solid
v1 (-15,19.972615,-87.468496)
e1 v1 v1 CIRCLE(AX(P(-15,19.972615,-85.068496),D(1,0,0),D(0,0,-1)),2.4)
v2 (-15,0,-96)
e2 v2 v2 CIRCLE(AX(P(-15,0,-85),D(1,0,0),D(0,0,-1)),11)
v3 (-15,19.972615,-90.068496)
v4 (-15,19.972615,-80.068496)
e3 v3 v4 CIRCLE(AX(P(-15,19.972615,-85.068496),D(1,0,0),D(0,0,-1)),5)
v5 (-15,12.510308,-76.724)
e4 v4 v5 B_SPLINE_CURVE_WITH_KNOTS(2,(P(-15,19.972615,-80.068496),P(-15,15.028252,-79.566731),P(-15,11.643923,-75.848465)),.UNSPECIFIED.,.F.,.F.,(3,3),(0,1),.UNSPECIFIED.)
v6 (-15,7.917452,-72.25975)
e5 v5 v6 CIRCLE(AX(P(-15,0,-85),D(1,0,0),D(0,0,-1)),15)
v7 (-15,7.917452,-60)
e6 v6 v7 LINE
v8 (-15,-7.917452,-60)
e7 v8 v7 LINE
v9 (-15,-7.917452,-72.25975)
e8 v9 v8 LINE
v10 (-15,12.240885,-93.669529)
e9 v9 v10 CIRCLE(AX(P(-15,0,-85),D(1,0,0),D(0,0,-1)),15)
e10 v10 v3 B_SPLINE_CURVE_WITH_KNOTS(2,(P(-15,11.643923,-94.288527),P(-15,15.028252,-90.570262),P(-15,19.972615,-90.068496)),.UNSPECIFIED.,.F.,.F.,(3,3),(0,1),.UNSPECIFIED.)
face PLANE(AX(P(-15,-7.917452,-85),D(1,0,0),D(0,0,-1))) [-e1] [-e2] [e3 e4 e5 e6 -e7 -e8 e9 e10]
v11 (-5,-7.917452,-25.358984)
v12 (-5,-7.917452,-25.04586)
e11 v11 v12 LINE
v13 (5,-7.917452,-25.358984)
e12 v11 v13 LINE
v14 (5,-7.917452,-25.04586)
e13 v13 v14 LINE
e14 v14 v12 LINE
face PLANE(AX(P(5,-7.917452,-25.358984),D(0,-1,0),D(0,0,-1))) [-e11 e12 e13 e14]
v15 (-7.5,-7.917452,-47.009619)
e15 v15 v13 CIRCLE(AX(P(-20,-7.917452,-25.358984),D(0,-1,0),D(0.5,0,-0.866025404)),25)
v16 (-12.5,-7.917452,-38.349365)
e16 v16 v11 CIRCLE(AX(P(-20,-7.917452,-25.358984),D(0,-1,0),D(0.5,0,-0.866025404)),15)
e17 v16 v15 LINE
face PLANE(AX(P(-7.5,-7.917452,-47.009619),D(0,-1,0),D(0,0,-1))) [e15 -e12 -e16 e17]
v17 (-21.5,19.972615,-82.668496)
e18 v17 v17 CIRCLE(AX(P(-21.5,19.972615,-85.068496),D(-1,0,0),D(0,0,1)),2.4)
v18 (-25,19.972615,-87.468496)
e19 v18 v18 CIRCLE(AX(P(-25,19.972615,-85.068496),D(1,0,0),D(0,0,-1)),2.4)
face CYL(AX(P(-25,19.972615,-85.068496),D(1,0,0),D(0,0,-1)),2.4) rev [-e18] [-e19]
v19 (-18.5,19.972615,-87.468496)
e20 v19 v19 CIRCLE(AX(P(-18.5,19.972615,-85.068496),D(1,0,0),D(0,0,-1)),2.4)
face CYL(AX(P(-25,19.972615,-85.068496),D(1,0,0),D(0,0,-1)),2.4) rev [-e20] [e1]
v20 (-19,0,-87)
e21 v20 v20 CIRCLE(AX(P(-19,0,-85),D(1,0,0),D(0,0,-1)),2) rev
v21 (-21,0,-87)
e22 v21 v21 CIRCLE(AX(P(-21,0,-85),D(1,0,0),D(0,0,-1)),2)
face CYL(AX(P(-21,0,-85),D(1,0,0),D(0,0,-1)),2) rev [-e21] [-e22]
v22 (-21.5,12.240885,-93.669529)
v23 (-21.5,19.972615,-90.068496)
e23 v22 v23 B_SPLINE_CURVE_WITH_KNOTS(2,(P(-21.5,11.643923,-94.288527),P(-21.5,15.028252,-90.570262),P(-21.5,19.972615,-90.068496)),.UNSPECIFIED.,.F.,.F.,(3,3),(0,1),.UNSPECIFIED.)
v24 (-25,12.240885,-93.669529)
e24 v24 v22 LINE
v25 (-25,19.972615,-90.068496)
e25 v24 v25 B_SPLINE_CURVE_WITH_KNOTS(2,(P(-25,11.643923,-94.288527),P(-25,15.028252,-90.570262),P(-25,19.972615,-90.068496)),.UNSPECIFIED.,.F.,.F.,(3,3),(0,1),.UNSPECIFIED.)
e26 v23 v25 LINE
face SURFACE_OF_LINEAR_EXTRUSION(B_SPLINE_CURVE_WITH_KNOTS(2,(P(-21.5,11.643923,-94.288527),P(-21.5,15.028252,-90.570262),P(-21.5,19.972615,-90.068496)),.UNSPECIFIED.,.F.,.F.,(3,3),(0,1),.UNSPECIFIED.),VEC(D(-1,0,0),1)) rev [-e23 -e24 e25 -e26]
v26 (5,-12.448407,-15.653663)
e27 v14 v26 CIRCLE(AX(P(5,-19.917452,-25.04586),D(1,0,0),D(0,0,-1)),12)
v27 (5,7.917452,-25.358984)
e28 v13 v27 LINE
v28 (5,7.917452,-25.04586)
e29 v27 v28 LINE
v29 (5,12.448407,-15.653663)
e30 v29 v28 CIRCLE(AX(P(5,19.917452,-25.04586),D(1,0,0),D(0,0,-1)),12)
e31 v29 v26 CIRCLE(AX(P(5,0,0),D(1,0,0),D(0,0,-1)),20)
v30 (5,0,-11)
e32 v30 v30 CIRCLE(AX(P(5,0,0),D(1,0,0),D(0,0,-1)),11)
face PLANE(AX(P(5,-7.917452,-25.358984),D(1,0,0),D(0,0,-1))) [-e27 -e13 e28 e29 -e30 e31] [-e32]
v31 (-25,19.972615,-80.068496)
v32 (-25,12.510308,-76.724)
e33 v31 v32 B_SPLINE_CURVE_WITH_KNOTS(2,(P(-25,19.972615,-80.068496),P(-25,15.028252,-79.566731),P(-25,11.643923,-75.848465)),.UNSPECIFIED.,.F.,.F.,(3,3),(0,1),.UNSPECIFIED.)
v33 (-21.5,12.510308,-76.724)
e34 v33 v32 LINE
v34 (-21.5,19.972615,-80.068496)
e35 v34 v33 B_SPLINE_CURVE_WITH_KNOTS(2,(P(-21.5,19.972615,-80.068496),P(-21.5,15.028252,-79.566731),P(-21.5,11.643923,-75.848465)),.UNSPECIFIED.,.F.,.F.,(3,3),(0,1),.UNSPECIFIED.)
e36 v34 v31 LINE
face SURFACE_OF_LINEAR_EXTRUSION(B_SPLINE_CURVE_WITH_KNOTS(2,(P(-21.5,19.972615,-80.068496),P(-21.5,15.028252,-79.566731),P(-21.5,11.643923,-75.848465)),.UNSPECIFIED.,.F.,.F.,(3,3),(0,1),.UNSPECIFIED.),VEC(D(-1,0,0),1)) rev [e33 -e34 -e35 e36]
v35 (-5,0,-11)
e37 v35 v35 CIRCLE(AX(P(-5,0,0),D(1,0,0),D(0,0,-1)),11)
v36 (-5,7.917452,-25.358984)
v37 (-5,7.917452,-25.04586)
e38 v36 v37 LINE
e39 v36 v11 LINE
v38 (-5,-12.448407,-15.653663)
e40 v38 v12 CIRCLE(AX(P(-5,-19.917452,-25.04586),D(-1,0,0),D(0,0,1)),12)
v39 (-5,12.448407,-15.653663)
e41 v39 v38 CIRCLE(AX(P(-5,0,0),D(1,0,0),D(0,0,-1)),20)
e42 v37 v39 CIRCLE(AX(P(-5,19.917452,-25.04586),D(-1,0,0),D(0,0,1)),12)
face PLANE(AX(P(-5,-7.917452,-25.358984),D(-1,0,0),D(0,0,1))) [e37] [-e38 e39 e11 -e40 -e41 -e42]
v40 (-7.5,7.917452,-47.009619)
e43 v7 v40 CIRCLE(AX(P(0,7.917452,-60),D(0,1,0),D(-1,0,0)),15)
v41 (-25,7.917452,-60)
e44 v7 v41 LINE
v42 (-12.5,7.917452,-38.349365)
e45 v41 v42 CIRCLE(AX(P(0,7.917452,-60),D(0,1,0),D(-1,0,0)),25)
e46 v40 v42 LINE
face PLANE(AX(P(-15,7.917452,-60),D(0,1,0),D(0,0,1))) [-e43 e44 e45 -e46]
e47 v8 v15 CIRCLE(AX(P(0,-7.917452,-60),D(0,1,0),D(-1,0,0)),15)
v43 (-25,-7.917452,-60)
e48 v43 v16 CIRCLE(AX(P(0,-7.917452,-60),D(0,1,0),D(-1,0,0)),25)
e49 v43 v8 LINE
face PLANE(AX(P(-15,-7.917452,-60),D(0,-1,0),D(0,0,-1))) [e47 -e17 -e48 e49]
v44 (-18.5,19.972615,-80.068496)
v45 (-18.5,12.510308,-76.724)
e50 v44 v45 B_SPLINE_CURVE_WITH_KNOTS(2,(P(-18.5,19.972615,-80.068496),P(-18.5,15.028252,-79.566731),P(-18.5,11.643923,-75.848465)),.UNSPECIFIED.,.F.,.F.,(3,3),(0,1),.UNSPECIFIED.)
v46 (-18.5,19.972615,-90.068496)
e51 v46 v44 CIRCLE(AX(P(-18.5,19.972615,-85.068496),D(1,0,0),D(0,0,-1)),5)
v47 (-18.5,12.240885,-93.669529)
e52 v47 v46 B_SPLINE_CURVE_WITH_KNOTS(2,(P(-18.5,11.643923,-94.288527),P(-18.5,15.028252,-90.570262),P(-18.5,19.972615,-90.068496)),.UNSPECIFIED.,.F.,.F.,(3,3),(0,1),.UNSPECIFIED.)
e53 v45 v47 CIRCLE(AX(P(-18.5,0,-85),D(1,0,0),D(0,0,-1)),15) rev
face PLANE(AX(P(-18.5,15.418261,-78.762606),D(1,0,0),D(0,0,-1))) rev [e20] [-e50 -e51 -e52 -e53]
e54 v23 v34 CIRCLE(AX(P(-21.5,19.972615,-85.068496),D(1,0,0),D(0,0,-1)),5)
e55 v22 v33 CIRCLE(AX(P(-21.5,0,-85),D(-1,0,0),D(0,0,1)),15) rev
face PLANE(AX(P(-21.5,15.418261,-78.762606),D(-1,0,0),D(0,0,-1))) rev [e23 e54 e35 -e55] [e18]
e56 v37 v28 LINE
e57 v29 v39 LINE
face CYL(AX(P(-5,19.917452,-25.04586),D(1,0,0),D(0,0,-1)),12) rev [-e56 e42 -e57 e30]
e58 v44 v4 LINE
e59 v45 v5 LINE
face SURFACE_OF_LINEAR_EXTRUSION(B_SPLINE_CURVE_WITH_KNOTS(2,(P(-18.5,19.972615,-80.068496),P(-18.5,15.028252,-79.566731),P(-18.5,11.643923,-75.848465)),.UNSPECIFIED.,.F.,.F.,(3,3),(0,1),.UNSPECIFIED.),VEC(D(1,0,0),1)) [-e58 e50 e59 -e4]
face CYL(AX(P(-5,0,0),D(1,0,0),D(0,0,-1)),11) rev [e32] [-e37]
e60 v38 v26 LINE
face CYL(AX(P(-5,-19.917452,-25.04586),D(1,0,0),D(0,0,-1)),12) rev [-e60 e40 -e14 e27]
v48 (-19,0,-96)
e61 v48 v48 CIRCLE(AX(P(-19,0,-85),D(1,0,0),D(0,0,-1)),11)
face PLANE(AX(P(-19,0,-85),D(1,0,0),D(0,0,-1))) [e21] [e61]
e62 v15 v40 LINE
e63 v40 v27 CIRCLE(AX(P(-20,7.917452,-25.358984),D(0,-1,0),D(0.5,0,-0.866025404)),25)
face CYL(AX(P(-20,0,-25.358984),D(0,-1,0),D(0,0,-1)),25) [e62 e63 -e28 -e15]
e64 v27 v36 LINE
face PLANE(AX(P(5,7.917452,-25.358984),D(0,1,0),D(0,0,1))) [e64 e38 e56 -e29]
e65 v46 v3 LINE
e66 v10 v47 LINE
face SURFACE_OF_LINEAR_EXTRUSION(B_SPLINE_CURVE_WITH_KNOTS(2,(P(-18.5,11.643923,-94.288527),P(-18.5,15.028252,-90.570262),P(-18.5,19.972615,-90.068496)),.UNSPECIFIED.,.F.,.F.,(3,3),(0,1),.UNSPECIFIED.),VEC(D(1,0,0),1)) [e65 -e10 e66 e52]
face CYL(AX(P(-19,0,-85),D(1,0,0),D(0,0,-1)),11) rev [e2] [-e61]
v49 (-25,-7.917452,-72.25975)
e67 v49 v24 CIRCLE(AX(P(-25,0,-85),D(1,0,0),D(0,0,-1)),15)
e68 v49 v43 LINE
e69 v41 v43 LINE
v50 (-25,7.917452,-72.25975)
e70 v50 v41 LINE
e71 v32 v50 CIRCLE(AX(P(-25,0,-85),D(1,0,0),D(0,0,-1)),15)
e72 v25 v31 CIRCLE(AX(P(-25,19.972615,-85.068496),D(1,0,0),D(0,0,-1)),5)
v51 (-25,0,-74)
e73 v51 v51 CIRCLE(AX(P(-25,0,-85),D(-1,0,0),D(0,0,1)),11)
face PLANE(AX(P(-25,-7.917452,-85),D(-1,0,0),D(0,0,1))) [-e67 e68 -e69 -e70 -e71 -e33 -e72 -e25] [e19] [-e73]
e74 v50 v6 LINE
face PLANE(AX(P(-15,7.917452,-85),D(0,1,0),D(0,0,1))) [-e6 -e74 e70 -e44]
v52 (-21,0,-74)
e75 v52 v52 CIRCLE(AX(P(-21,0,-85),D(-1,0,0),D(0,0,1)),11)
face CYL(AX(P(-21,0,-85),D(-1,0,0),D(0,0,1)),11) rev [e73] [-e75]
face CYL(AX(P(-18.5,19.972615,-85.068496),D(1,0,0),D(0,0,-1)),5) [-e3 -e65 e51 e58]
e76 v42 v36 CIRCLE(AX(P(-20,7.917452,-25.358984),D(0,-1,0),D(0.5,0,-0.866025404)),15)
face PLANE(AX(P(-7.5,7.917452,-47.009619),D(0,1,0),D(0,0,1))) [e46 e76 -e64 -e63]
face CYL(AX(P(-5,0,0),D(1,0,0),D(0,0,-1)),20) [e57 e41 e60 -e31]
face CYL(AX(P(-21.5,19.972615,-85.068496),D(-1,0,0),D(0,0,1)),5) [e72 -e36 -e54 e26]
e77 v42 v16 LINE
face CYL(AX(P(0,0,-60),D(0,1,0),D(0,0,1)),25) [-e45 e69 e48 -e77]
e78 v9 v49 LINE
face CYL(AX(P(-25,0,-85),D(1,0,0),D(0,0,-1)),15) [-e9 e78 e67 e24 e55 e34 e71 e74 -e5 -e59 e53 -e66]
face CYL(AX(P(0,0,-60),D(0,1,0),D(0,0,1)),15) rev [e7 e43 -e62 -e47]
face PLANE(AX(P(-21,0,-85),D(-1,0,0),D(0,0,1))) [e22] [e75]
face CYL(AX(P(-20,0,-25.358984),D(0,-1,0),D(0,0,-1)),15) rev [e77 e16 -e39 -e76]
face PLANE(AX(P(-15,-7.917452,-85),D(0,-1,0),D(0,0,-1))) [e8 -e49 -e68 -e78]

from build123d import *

# Parameters (mm, degrees)
CROQUIS2_W              = 10
CROQUIS2_H              = 15.834903248
CROQUIS4_R              = 15
SALIENTE_EXTRUIR1_DEPTH = 10
CROQUIS5_R              = 20
SALIENTE_EXTRUIR2_DEPTH = 10
SALIENTE_EXTRUIR5_DEPTH = 3.5
CROQUIS13_R             = 2.4
CORTAR_EXTRUIR1_DEPTH   = 10
CROQUIS7_R              = 11
CORTAR_EXTRUIR3_DEPTH   = 10
REDONDEO2_R             = 12
REDONDEO3_R             = 12
CROQUIS14_R             = 11
CORTAR_EXTRUIR4_DEPTH   = 4
CROQUIS6_R              = 2
CORTAR_EXTRUIR5_DEPTH   = 6
CORTAR_EXTRUIR6_START   = -4
CROQUIS15_R             = 11
CORTAR_EXTRUIR6_DEPTH   = 4


with BuildPart() as part:
    # Barrer1: sweep along a path in Croquis1
    with BuildLine(Plane(origin=(0, 0, 0), x_dir=(1, 0, 0), z_dir=(0, 1, 0))) as barrer1_path:
        Line((-20, 85), (-20, 60))
        ThreePointArc((-20, 60), (-17.320508076, 50), (-10, 42.679491924))
        ThreePointArc((-10, 42.679491924), (-2.679491924, 35.358983849), (0, 25.358983849))
        Line((0, 25.358983849), (0, 0))
    # Croquis2 → Barrer1 (sweep)
    with BuildSketch(Plane.XY):
        Rectangle(CROQUIS2_W, CROQUIS2_H)
    sweep(path=barrer1_path.line)

    # Croquis4 → Saliente-Extruir1 (add)
    with BuildSketch(Plane(origin=(-15, 0, 0), x_dir=(0, 0, -1), z_dir=(1, 0, 0))):
        with Locations((85, 0)):
            Circle(CROQUIS4_R)
    extrude(amount=-SALIENTE_EXTRUIR1_DEPTH)

    # Croquis5 → Saliente-Extruir2 (add)
    with BuildSketch(Plane(origin=(5, 0, 0), x_dir=(0, 0, -1), z_dir=(1, 0, 0))):
        Circle(CROQUIS5_R)
    extrude(amount=-SALIENTE_EXTRUIR2_DEPTH)

    # Croquis12 → Saliente-Extruir5 (add)
    with BuildSketch(Plane(origin=(-15, 0, 0), x_dir=(0, 0, -1), z_dir=(1, 0, 0))):
        with BuildLine():
            ThreePointArc((90.068496439, 19.972615481), (85.068496439, 24.972615481), (80.068496439, 19.972615481))
            add(Edge.make_bspline(
                [(80.068496439, 19.972615481), (79.566731031, 15.028252388), (75.848465439, 11.643922813)],
                knots=[0, 0, 0, 1, 1, 1], degree=2))
            ThreePointArc((75.848465439, 11.643922813), (85.068496439, 14.846363713), (94.288527439, 11.643922813))
            add(Edge.make_bspline(
                [(90.068496439, 19.972615481), (90.570261847, 15.028252388), (94.288527439, 11.643922813)],
                knots=[0, 0, 0, 1, 1, 1], degree=2))
        make_face()
    saliente_extruir5 = extrude(amount=-SALIENTE_EXTRUIR5_DEPTH)

    # Simetría1: Saliente-Extruir5 across plane
    add(saliente_extruir5.mirror(Plane(origin=(-20, 0, 0), x_dir=(0, 0, 1), z_dir=(1, 0, 0))))

    # Croquis13 → Cortar-Extruir1 (cut)
    with BuildSketch(Plane(origin=(-15, 0, 0), x_dir=(0, 0, -1), z_dir=(1, 0, 0))):
        with Locations((85.068496439, 19.972615481)):
            Circle(CROQUIS13_R)
    extrude(amount=-CORTAR_EXTRUIR1_DEPTH, mode=Mode.SUBTRACT)

    # Croquis7 → Cortar-Extruir3 (cut)
    with BuildSketch(Plane(origin=(5, 0, 0), x_dir=(0, 0, -1), z_dir=(1, 0, 0))):
        Circle(CROQUIS7_R)
    extrude(amount=-CORTAR_EXTRUIR3_DEPTH, mode=Mode.SUBTRACT)

    # Redondeo2
    redondeo2_edges = [part.edges().sort_by_distance(p)[0] for p in [
        (0, 7.917451624, -18.366108999),
    ]]
    fillet(redondeo2_edges, radius=REDONDEO2_R)

    # Redondeo3
    redondeo3_edges = [part.edges().sort_by_distance(p)[0] for p in [
        (0, -7.917451624, -18.366108999),
    ]]
    fillet(redondeo3_edges, radius=REDONDEO3_R)

    # Croquis14 → Cortar-Extruir4 (cut)
    with BuildSketch(Plane.ZY.offset(25)):
        with Locations((-85, 0)):
            Circle(CROQUIS14_R)
    extrude(amount=-CORTAR_EXTRUIR4_DEPTH, mode=Mode.SUBTRACT)

    # Croquis6 → Cortar-Extruir5 (cut)
    with BuildSketch(Plane(origin=(-15, 0, 0), x_dir=(0, 0, -1), z_dir=(1, 0, 0))):
        with Locations((85, 0)):
            Circle(CROQUIS6_R)
    extrude(amount=-CORTAR_EXTRUIR5_DEPTH, mode=Mode.SUBTRACT)

    # Croquis15 → Cortar-Extruir6 (cut)
    with BuildSketch(Plane(origin=(-15, 0, 0), x_dir=(0, 0, -1), z_dir=(1, 0, 0)).offset(CORTAR_EXTRUIR6_START)):
        with Locations(Location((85, 0, 0), (0, 0, 180))):
            Circle(CROQUIS15_R)
    extrude(amount=CORTAR_EXTRUIR6_DEPTH, mode=Mode.SUBTRACT)


solid = part.part
